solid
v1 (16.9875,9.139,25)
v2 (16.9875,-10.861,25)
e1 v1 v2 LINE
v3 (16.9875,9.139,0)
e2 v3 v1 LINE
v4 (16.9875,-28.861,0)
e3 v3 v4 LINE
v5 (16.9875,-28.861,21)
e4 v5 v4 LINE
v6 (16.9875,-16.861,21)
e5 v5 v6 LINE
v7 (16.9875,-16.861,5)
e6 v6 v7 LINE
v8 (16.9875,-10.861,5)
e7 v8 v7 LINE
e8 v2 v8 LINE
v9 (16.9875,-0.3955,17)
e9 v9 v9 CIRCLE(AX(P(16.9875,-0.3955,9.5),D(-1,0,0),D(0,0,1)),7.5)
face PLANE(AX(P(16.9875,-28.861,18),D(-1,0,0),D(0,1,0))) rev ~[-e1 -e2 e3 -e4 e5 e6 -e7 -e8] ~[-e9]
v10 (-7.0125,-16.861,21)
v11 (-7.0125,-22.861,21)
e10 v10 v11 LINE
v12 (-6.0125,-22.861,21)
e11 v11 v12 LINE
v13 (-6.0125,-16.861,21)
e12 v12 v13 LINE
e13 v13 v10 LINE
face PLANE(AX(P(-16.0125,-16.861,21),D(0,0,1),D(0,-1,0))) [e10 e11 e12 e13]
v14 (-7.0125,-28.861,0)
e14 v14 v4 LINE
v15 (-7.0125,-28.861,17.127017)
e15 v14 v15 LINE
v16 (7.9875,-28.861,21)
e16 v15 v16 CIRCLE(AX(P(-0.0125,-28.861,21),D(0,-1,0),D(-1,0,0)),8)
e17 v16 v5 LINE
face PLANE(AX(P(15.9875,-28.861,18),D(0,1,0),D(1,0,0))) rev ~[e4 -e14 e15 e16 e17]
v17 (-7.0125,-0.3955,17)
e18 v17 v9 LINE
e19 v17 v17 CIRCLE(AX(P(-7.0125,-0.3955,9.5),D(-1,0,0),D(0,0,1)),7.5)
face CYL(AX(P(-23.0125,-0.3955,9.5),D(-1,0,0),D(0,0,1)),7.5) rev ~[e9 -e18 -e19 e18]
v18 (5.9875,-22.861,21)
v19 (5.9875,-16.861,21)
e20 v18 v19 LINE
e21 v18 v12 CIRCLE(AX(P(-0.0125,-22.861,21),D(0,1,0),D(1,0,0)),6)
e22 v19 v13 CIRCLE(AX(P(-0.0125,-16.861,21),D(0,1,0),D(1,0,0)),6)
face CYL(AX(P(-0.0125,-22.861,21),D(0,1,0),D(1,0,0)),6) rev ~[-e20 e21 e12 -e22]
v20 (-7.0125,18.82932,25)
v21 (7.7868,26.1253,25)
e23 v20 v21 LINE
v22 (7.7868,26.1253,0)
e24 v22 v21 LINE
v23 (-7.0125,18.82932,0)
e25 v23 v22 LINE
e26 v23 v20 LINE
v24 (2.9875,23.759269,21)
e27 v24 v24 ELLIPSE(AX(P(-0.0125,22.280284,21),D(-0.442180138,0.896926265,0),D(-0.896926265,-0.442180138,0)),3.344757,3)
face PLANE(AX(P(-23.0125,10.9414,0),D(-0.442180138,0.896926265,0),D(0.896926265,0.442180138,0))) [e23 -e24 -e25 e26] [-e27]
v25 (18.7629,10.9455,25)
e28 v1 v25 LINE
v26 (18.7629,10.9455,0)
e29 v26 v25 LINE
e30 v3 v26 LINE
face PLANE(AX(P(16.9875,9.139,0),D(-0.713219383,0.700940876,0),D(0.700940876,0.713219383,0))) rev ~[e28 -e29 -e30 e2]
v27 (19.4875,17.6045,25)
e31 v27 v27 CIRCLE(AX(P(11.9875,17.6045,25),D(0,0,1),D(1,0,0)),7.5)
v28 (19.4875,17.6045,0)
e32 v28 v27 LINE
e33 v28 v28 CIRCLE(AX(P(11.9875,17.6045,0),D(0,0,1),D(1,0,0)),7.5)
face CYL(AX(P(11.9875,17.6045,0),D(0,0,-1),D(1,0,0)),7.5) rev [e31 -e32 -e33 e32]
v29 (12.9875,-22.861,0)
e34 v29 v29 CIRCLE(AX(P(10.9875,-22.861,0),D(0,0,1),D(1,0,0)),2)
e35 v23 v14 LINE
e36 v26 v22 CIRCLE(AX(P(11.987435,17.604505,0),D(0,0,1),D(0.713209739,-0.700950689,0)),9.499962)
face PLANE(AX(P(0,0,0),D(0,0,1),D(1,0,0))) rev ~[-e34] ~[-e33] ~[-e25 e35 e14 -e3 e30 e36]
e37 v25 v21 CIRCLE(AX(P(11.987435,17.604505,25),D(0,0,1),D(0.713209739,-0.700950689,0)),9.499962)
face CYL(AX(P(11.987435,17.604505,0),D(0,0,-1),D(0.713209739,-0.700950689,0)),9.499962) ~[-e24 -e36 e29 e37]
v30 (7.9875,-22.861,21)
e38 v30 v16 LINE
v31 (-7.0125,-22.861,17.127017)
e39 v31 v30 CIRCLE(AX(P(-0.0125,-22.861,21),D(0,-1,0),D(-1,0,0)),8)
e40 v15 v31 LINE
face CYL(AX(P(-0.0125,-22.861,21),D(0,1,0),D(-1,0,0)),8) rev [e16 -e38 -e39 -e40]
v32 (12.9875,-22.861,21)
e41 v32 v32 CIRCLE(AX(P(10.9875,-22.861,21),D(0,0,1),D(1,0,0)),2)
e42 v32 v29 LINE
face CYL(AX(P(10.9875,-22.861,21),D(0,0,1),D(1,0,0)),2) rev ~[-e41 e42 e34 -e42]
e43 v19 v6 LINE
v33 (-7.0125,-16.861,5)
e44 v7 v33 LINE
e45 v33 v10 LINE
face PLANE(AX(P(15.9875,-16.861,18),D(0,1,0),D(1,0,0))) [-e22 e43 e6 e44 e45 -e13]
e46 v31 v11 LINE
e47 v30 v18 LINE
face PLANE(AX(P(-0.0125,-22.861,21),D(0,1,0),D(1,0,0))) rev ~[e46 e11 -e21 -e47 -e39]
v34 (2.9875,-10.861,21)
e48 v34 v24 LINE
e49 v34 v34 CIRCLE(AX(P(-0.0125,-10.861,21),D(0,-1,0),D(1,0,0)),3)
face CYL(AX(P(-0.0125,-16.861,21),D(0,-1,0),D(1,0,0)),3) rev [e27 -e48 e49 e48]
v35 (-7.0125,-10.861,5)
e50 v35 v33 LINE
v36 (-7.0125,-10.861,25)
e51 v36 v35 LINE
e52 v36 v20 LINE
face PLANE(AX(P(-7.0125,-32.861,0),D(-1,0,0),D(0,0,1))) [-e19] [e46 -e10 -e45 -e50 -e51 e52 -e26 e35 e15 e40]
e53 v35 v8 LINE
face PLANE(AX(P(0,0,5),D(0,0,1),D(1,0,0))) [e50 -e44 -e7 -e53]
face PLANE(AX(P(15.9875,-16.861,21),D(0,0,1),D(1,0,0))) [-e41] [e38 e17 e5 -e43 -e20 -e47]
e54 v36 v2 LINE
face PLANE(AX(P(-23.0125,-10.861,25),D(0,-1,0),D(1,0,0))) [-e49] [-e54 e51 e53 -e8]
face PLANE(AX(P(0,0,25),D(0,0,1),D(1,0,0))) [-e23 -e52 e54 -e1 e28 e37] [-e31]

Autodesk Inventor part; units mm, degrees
ref_plane "YZ Plane" through (0, 0, 0) normal (1, 0, 0) x (0, 1, 0)
ref_plane "XZ Plane" through (0, 0, 0) normal (0, 1, 0) x (-1, 0, 0)
ref_plane "XY Plane" through (0, 0, 0) normal (0, 0, 1) x (1, 0, 0)
sketch "Sketch1" plane through (0, 0, 0) normal (0, 0, 1) x (1, 0, 0)
  circle A0 centre (11.9875, 17.6045) radius 7.5
  arc A1 (18.7629, 10.9455) -> (7.7868, 26.1253) centre (11.9875, 17.6045) ccw
  line L0 (-8.0125, -7.3955) -> (-0.0125, -7.3955) construction
  line L1 (-0.0125, -7.3955) -> (-0.0125, 4.8295) construction
  line L2 (16.9875, 9.139) -> (16.9875, -32.861)
  line L3 (16.9875, -32.861) -> (-23.0125, -32.861)
  line L4 (-23.0125, -32.861) -> (-23.0125, 10.9414)
  line L5 (37.2097, -0.3955) -> (-34.0078, -0.3955) construction
  line L6 (31.0948, -7.8955) -> (-30.4036, -7.8955) construction
  line L7 (29.7312, 7.1045) -> (-30.4036, 7.1045) construction
  line L8 (-23.0125, 10.9414) -> (7.7868, 26.1253)
  line L9 (16.9875, 9.139) -> (18.7629, 10.9455)
  dimension "d1" = 2
  dimension "d2" = 15
  dimension "d3" = 25
  dimension "d4" = 20
  dimension "d5" = 8
  dimension "d6" = 42
  dimension "d7" = 5
  dimension "d8" = 18
  dimension "d10" = 15
  dimension "d11" = 15
  dimension "d12" = 40
extrude "Extrusion1" add sketch "Sketch1" along normal blind 25
sketch "Sketch2" plane through (-23.0125, -32.861, 0) normal (-1, 0, 0) x (0, 0, 1)
  line L0 (0, 43.8024) -> (0, 0) construction
  line L1 (25, 57.9655) -> (25, 42.9655) construction
  line L2 (0, 42.9655) -> (0, 57.9655) construction
  line L3 (25, 50.4655) -> (0, 50.4655) construction
  line L4 (25, 57.9655) -> (0, 57.9655) construction
  line L5 (25, 42.9655) -> (0, 42.9655) construction
  line L6 (25, 57.9655) -> (25, 42.9655) construction
  line L7 (37.5603, 32.4655) -> (-20.7807, 32.4655) construction
  circle A0 centre (9.5, 32.4655) radius 7.5
  point P0 (0, 32.861)
  dimension "d15" = 15
  dimension "d16" = 15
  dimension "d17" = 15
  dimension "d19" = 18
  dimension "d20" = 9.5
extrude "Y Glide hul" cut sketch "Sketch2" against normal up to surface (40 mm away)
sketch "Sketch25" plane through (0, 0, 25) normal (0, 0, 1) x (1, 0, 0)
  line L0 (-23.0125, -32.861) -> (16.9875, -32.861) projected
  line L1 (-23.0125, 10.9414) -> (-23.0125, -32.861) projected
  line L2 (16.9875, -32.861) -> (-23.0125, -32.861)
  line L3 (-23.0125, -32.861) -> (-23.0125, -10.861)
  line L4 (-23.0125, -10.861) -> (16.9875, -10.861)
  line L5 (16.9875, -10.861) -> (16.9875, -32.861)
  dimension "d150" = 22
extrude "Extrusion23" cut sketch "Sketch25" against normal blind 20
ref_plane "Work Plane7" through (-0.0125, -32.861, 0) normal (-1, 0, 0) x (0, 0, 1)
sketch "Sketch29" plane through (-0.0125, -32.861, 0) normal (-1, 0, 0) x (0, 0, 1)
  line L0 (5, 22) -> (25, 22) construction
  line L1 (25, 43.8024) -> (25, 22) construction
  line L2 (0, 43.8024) -> (25, 43.8024) construction
  line L3 (0, 43.8024) -> (0, 0) construction
  line L4 (0, 0) -> (5, 0) construction
  line L5 (5, 0) -> (5, 22) construction
  circle A0 centre (9.5, 32.4655) radius 7.5 construction
  line L6 (5, 22) -> (5, 0) projected
  line L7 (5, 0) -> (5, 10)
  line L8 (5, 10) -> (15, 10)
  line L9 (15, 10) -> (15, 16)
  line L10 (15, 16) -> (5, 16)
  line L11 (21, 3) -> (21, 19.5032) construction
  point P0 (0, 32.861)
  dimension "d154" = 10
  dimension "d155" = 10
  dimension "d156" = 6
  dimension "d170" = 6
revolve "Revolution2" add sketch "Sketch29" angle 180 mid plane about axis through (-0.0125, -29.861, 21) along (0, 1, 0)
sketch "Sketch30" plane through (5.9875, -22.861, 21) normal (0, -1, 0) x (1, 0, 0)
  line L0 (10, 0) -> (0, 0) projected
  arc A0 (-12, 0) -> (0, 0) centre (-6, 0) ccw projected
  line L1 (-22, 0) -> (-12, 0) projected
  arc A1 (-22, 0) -> (-6, -16) centre (-6, 0) ccw projected
  arc A2 (-6, -16) -> (10, 0) centre (-6, 0) ccw projected
  arc A3 (-12, 0) -> (0, 0) centre (-6, 0) ccw
  line L2 (10, 0) -> (0, 0) projected
  line L3 (10, 0) -> (0, 0)
  line L4 (-12, 0) -> (-22, 0)
  line L5 (11, -16) -> (-29, -16) projected
  line L6 (-29, -21) -> (-29, -16) projected
  line L7 (-29, -21) -> (11, -21) projected
  line L8 (11, -21) -> (11, -16) projected
  line L9 (-22, 0) -> (-22, -16)
  line L10 (-22, -16) -> (-6, -16)
  line L11 (10, 0) -> (10, -16)
  line L12 (10, -16) -> (-6, -16)
  point P0 (-5.9875, -21)
extrude "Extrusion24" add sketch "Sketch30" against normal up to surface (6 mm away) contours A2 A1 L1 A0 L0 | L11 L5 A2 | L5 L9 A1
sketch "Sketch32" plane through (-0.0125, -22.861, 21) normal (0, -1, 0) x (1, 0, 0)
  line L0 (16, 0) -> (6, 0) projected
  arc A0 (-6, 0) -> (6, 0) centre (0, 0) ccw projected
  line L1 (-16, 0) -> (-6, 0) projected
  line L2 (-16, 0) -> (-16, -16) projected
  line L3 (16, -16) -> (-16, -16) projected
  line L4 (16, -16) -> (16, 0) projected
  line L5 (16, -16) -> (16, 0) projected
  line L6 (16, 0) -> (16, -16)
  line L7 (16, -16) -> (-3, -16)
  line L8 (-23, -16) -> (17, -16) projected
  line L9 (-16, 0) -> (-16, -16) projected
  line L10 (-3, -16) -> (-16, -16)
  line L11 (-16, -16) -> (-16, 0)
  arc A1 (-8, 0) -> (8, 0) centre (0, 0) ccw
  line L12 (6, 0) -> (16, 0) projected
  line L13 (16, -16) -> (16, 0) projected
  line L14 (-16, -16) -> (16, -16) projected
  line L15 (-16, 0) -> (-16, -16) projected
  line L16 (-6, 0) -> (-16, 0) projected
  arc A2 (-6, 0) -> (6, 0) centre (0, 0) ccw projected
  point P0 (0.0125, -21)
  dimension "d171" = 16
extrude "Extrusion25" add sketch "Sketch32" along normal up to surface (10 mm away) contours L4 L3 L2 L1 A1 L0
sketch "Sketch35" plane through (15.9875, -32.861, 5) normal (1, 0, 0) x (0, 0, -1)
  line L0 (0, 16) -> (-16, 16) projected
  line L1 (-16, 16) -> (-16, 0) projected
  line L2 (-16, 0) -> (0, 0) projected
  line L3 (0, 16) -> (0, 0) projected
  line L4 (-13, 7) -> (-13, 0) projected
  line L5 (-13, 0) -> (0, 0)
  line L6 (0, 0) -> (0, 16)
  line L7 (0, 16) -> (-13, 16)
  line L8 (-13, 16) -> (-13, 0)
  point P0 (5, 32.861)
extrude "Extrusion26" add sketch "Sketch35" along normal up to surface (1 mm away) contours L3 L2 L4 L8 L0
sketch "Sketch36" plane through (-16.0125, -32.861, 5) normal (-1, 0, 0) x (0, 0, 1)
  line L0 (16, 16) -> (0, 16) projected
  line L1 (0, 0) -> (0, 16) projected
  line L2 (0, 0) -> (16, 0) projected
  line L3 (16, 16) -> (16, 0) projected
  line L4 (16, 10) -> (16, 16) projected
  line L5 (16, 16) -> (0, 16)
  line L6 (0, 16) -> (0, 0)
  line L7 (0, 0) -> (16, 0)
  line L8 (16, 0) -> (16, 16)
  point P0 (-5, 32.861)
extrude "Extrusion27" add sketch "Sketch36" along normal up to surface (7 mm away)
sketch "Sketch38" plane through (-23.0125, -32.861, 0) normal (-1, 0, 0) x (0, 0, 1)
  line L0 (5, 22) -> (25, 22) projected
  line L1 (25, 43.8024) -> (25, 22) projected
  line L2 (0, 43.8024) -> (25, 43.8024) projected
  line L3 (0, 43.8024) -> (0, 0) projected
  line L4 (0, 0) -> (21, 0) projected
  line L5 (21, 16) -> (21, 0) projected
  line L6 (5, 16) -> (21, 16) projected
  line L7 (5, 16) -> (5, 22) projected
  circle A0 centre (9.5, 32.4655) radius 7.5 projected
  line L8 (0, 43.8024) -> (25, 43.8024) projected
  line L9 (0, 43.8024) -> (0, 64.0171)
  line L10 (0, 64.0171) -> (25, 64.0171)
  line L11 (25, 64.0171) -> (25, 43.8024)
  line L12 (5, 43.8024) -> (0, 43.8024)
  line L13 (25, 43.8024) -> (0, 43.8024)
  point P0 (0, 32.861)
extrude "Extrusion28" cut sketch "Sketch38" against normal blind 13
ref_plane "Work Plane8" through (-0.0125, -16.861, 21) normal (0, 1, 0) x (1, 0, 0)
sketch "Sketch39" plane through (-0.0125, -16.861, 21) normal (0, 1, 0) x (1, 0, 0)
  arc A0 (8, 0) -> (-8, 0) centre (0, 0) ccw projected
  line L0 (8, 0) -> (6, 0) projected
  arc A1 (6, 0) -> (-6, 0) centre (0, 0) ccw projected
  line L1 (-8, 0) -> (-6, 0) projected
  circle A2 centre (0, 0) radius 3
  point P0 (0.0125, 21)
  dimension "d173" = 6
extrude "Bowden slange hul" cut sketch "Sketch39" along normal blind 56 contours A2
sketch "Sketch40" plane through (7.9875, -32.861, 21) normal (0, -1, 0) x (1, 0, 0)
  line L0 (-18, 0) -> (-18, -21) projected
  line L1 (-18, -21) -> (9, -21) projected
  line L2 (9, -21) -> (9, -3) projected
  line L3 (8, -3) -> (9, -3) projected
  line L4 (8, 0) -> (8, -3) projected
  line L5 (0, 0) -> (8, 0) projected
  arc A0 (-16, 0) -> (0, 0) centre (-8, 0) ccw projected
  line L6 (-18, 0) -> (-16, 0) projected
  point P0 (-7.9875, -21)
extrude "Extrusion30" cut sketch "Sketch40" against normal blind 4
sketch "Sketch41" plane through (15.9875, -16.861, 18) normal (0, 0, 1) x (1, 0, 0)
  line L0 (0, -12) -> (1, -12) projected
  line L1 (1, -12) -> (1, 0) projected
  line L2 (0, 0) -> (1, 0) projected
  line L3 (0, -12) -> (0, 0) projected
  point P0 (-15.9875, 16.861)
extrude "Extrusion31" add sketch "Sketch41" along normal up to surface (3 mm away)
sketch "Sketch42" plane through (5.9875, -16.861, 21) normal (0, 0, 1) x (1, 0, 0)
  circle A0 centre (5, -6) radius 2
  line L0 (0, 0) -> (11, 0) projected
  line L1 (11, 0) -> (11, -12) projected
  point P0 (-5.9875, 16.861)
  dimension "d180" = 4
  dimension "d181" = 6
  dimension "d182" = 6
extrude "Holder montering" cut sketch "Sketch42" against normal up to surface (21 mm away)
sketch "Sketch43" plane through (-10.0125, -32.861, 0) normal (-1, 0, 0) x (0, 0, 1)
  circle A0 centre (9.5, 32.4655) radius 7.5 projected
  line L0 (0, 4) -> (21, 4) projected
  line L1 (21, 16) -> (21, 4) projected
  line L2 (5, 16) -> (21, 16) projected
  line L3 (5, 22) -> (5, 16) projected
  line L4 (25, 22) -> (5, 22) projected
  line L5 (25, 50.2113) -> (25, 22) projected
  line L6 (0, 50.2113) -> (25, 50.2113) construction
  line L7 (0, 4) -> (0, 50.2113) projected
  line L8 (25, 50.2113) -> (25, 62.2894)
  line L9 (25, 62.2894) -> (0, 62.2894)
  line L10 (0, 50.2113) -> (25, 50.2113) construction
  line L11 (0, 62.2894) -> (0, 50.2113)
  point P0 (0, 32.861)
extrude "Extrusion33" cut sketch "Sketch43" against normal blind 3
equation "\"d11\" = d10"
equation "\"d16\" = d15"
properties part number "Main" material "PLA Plastic"
